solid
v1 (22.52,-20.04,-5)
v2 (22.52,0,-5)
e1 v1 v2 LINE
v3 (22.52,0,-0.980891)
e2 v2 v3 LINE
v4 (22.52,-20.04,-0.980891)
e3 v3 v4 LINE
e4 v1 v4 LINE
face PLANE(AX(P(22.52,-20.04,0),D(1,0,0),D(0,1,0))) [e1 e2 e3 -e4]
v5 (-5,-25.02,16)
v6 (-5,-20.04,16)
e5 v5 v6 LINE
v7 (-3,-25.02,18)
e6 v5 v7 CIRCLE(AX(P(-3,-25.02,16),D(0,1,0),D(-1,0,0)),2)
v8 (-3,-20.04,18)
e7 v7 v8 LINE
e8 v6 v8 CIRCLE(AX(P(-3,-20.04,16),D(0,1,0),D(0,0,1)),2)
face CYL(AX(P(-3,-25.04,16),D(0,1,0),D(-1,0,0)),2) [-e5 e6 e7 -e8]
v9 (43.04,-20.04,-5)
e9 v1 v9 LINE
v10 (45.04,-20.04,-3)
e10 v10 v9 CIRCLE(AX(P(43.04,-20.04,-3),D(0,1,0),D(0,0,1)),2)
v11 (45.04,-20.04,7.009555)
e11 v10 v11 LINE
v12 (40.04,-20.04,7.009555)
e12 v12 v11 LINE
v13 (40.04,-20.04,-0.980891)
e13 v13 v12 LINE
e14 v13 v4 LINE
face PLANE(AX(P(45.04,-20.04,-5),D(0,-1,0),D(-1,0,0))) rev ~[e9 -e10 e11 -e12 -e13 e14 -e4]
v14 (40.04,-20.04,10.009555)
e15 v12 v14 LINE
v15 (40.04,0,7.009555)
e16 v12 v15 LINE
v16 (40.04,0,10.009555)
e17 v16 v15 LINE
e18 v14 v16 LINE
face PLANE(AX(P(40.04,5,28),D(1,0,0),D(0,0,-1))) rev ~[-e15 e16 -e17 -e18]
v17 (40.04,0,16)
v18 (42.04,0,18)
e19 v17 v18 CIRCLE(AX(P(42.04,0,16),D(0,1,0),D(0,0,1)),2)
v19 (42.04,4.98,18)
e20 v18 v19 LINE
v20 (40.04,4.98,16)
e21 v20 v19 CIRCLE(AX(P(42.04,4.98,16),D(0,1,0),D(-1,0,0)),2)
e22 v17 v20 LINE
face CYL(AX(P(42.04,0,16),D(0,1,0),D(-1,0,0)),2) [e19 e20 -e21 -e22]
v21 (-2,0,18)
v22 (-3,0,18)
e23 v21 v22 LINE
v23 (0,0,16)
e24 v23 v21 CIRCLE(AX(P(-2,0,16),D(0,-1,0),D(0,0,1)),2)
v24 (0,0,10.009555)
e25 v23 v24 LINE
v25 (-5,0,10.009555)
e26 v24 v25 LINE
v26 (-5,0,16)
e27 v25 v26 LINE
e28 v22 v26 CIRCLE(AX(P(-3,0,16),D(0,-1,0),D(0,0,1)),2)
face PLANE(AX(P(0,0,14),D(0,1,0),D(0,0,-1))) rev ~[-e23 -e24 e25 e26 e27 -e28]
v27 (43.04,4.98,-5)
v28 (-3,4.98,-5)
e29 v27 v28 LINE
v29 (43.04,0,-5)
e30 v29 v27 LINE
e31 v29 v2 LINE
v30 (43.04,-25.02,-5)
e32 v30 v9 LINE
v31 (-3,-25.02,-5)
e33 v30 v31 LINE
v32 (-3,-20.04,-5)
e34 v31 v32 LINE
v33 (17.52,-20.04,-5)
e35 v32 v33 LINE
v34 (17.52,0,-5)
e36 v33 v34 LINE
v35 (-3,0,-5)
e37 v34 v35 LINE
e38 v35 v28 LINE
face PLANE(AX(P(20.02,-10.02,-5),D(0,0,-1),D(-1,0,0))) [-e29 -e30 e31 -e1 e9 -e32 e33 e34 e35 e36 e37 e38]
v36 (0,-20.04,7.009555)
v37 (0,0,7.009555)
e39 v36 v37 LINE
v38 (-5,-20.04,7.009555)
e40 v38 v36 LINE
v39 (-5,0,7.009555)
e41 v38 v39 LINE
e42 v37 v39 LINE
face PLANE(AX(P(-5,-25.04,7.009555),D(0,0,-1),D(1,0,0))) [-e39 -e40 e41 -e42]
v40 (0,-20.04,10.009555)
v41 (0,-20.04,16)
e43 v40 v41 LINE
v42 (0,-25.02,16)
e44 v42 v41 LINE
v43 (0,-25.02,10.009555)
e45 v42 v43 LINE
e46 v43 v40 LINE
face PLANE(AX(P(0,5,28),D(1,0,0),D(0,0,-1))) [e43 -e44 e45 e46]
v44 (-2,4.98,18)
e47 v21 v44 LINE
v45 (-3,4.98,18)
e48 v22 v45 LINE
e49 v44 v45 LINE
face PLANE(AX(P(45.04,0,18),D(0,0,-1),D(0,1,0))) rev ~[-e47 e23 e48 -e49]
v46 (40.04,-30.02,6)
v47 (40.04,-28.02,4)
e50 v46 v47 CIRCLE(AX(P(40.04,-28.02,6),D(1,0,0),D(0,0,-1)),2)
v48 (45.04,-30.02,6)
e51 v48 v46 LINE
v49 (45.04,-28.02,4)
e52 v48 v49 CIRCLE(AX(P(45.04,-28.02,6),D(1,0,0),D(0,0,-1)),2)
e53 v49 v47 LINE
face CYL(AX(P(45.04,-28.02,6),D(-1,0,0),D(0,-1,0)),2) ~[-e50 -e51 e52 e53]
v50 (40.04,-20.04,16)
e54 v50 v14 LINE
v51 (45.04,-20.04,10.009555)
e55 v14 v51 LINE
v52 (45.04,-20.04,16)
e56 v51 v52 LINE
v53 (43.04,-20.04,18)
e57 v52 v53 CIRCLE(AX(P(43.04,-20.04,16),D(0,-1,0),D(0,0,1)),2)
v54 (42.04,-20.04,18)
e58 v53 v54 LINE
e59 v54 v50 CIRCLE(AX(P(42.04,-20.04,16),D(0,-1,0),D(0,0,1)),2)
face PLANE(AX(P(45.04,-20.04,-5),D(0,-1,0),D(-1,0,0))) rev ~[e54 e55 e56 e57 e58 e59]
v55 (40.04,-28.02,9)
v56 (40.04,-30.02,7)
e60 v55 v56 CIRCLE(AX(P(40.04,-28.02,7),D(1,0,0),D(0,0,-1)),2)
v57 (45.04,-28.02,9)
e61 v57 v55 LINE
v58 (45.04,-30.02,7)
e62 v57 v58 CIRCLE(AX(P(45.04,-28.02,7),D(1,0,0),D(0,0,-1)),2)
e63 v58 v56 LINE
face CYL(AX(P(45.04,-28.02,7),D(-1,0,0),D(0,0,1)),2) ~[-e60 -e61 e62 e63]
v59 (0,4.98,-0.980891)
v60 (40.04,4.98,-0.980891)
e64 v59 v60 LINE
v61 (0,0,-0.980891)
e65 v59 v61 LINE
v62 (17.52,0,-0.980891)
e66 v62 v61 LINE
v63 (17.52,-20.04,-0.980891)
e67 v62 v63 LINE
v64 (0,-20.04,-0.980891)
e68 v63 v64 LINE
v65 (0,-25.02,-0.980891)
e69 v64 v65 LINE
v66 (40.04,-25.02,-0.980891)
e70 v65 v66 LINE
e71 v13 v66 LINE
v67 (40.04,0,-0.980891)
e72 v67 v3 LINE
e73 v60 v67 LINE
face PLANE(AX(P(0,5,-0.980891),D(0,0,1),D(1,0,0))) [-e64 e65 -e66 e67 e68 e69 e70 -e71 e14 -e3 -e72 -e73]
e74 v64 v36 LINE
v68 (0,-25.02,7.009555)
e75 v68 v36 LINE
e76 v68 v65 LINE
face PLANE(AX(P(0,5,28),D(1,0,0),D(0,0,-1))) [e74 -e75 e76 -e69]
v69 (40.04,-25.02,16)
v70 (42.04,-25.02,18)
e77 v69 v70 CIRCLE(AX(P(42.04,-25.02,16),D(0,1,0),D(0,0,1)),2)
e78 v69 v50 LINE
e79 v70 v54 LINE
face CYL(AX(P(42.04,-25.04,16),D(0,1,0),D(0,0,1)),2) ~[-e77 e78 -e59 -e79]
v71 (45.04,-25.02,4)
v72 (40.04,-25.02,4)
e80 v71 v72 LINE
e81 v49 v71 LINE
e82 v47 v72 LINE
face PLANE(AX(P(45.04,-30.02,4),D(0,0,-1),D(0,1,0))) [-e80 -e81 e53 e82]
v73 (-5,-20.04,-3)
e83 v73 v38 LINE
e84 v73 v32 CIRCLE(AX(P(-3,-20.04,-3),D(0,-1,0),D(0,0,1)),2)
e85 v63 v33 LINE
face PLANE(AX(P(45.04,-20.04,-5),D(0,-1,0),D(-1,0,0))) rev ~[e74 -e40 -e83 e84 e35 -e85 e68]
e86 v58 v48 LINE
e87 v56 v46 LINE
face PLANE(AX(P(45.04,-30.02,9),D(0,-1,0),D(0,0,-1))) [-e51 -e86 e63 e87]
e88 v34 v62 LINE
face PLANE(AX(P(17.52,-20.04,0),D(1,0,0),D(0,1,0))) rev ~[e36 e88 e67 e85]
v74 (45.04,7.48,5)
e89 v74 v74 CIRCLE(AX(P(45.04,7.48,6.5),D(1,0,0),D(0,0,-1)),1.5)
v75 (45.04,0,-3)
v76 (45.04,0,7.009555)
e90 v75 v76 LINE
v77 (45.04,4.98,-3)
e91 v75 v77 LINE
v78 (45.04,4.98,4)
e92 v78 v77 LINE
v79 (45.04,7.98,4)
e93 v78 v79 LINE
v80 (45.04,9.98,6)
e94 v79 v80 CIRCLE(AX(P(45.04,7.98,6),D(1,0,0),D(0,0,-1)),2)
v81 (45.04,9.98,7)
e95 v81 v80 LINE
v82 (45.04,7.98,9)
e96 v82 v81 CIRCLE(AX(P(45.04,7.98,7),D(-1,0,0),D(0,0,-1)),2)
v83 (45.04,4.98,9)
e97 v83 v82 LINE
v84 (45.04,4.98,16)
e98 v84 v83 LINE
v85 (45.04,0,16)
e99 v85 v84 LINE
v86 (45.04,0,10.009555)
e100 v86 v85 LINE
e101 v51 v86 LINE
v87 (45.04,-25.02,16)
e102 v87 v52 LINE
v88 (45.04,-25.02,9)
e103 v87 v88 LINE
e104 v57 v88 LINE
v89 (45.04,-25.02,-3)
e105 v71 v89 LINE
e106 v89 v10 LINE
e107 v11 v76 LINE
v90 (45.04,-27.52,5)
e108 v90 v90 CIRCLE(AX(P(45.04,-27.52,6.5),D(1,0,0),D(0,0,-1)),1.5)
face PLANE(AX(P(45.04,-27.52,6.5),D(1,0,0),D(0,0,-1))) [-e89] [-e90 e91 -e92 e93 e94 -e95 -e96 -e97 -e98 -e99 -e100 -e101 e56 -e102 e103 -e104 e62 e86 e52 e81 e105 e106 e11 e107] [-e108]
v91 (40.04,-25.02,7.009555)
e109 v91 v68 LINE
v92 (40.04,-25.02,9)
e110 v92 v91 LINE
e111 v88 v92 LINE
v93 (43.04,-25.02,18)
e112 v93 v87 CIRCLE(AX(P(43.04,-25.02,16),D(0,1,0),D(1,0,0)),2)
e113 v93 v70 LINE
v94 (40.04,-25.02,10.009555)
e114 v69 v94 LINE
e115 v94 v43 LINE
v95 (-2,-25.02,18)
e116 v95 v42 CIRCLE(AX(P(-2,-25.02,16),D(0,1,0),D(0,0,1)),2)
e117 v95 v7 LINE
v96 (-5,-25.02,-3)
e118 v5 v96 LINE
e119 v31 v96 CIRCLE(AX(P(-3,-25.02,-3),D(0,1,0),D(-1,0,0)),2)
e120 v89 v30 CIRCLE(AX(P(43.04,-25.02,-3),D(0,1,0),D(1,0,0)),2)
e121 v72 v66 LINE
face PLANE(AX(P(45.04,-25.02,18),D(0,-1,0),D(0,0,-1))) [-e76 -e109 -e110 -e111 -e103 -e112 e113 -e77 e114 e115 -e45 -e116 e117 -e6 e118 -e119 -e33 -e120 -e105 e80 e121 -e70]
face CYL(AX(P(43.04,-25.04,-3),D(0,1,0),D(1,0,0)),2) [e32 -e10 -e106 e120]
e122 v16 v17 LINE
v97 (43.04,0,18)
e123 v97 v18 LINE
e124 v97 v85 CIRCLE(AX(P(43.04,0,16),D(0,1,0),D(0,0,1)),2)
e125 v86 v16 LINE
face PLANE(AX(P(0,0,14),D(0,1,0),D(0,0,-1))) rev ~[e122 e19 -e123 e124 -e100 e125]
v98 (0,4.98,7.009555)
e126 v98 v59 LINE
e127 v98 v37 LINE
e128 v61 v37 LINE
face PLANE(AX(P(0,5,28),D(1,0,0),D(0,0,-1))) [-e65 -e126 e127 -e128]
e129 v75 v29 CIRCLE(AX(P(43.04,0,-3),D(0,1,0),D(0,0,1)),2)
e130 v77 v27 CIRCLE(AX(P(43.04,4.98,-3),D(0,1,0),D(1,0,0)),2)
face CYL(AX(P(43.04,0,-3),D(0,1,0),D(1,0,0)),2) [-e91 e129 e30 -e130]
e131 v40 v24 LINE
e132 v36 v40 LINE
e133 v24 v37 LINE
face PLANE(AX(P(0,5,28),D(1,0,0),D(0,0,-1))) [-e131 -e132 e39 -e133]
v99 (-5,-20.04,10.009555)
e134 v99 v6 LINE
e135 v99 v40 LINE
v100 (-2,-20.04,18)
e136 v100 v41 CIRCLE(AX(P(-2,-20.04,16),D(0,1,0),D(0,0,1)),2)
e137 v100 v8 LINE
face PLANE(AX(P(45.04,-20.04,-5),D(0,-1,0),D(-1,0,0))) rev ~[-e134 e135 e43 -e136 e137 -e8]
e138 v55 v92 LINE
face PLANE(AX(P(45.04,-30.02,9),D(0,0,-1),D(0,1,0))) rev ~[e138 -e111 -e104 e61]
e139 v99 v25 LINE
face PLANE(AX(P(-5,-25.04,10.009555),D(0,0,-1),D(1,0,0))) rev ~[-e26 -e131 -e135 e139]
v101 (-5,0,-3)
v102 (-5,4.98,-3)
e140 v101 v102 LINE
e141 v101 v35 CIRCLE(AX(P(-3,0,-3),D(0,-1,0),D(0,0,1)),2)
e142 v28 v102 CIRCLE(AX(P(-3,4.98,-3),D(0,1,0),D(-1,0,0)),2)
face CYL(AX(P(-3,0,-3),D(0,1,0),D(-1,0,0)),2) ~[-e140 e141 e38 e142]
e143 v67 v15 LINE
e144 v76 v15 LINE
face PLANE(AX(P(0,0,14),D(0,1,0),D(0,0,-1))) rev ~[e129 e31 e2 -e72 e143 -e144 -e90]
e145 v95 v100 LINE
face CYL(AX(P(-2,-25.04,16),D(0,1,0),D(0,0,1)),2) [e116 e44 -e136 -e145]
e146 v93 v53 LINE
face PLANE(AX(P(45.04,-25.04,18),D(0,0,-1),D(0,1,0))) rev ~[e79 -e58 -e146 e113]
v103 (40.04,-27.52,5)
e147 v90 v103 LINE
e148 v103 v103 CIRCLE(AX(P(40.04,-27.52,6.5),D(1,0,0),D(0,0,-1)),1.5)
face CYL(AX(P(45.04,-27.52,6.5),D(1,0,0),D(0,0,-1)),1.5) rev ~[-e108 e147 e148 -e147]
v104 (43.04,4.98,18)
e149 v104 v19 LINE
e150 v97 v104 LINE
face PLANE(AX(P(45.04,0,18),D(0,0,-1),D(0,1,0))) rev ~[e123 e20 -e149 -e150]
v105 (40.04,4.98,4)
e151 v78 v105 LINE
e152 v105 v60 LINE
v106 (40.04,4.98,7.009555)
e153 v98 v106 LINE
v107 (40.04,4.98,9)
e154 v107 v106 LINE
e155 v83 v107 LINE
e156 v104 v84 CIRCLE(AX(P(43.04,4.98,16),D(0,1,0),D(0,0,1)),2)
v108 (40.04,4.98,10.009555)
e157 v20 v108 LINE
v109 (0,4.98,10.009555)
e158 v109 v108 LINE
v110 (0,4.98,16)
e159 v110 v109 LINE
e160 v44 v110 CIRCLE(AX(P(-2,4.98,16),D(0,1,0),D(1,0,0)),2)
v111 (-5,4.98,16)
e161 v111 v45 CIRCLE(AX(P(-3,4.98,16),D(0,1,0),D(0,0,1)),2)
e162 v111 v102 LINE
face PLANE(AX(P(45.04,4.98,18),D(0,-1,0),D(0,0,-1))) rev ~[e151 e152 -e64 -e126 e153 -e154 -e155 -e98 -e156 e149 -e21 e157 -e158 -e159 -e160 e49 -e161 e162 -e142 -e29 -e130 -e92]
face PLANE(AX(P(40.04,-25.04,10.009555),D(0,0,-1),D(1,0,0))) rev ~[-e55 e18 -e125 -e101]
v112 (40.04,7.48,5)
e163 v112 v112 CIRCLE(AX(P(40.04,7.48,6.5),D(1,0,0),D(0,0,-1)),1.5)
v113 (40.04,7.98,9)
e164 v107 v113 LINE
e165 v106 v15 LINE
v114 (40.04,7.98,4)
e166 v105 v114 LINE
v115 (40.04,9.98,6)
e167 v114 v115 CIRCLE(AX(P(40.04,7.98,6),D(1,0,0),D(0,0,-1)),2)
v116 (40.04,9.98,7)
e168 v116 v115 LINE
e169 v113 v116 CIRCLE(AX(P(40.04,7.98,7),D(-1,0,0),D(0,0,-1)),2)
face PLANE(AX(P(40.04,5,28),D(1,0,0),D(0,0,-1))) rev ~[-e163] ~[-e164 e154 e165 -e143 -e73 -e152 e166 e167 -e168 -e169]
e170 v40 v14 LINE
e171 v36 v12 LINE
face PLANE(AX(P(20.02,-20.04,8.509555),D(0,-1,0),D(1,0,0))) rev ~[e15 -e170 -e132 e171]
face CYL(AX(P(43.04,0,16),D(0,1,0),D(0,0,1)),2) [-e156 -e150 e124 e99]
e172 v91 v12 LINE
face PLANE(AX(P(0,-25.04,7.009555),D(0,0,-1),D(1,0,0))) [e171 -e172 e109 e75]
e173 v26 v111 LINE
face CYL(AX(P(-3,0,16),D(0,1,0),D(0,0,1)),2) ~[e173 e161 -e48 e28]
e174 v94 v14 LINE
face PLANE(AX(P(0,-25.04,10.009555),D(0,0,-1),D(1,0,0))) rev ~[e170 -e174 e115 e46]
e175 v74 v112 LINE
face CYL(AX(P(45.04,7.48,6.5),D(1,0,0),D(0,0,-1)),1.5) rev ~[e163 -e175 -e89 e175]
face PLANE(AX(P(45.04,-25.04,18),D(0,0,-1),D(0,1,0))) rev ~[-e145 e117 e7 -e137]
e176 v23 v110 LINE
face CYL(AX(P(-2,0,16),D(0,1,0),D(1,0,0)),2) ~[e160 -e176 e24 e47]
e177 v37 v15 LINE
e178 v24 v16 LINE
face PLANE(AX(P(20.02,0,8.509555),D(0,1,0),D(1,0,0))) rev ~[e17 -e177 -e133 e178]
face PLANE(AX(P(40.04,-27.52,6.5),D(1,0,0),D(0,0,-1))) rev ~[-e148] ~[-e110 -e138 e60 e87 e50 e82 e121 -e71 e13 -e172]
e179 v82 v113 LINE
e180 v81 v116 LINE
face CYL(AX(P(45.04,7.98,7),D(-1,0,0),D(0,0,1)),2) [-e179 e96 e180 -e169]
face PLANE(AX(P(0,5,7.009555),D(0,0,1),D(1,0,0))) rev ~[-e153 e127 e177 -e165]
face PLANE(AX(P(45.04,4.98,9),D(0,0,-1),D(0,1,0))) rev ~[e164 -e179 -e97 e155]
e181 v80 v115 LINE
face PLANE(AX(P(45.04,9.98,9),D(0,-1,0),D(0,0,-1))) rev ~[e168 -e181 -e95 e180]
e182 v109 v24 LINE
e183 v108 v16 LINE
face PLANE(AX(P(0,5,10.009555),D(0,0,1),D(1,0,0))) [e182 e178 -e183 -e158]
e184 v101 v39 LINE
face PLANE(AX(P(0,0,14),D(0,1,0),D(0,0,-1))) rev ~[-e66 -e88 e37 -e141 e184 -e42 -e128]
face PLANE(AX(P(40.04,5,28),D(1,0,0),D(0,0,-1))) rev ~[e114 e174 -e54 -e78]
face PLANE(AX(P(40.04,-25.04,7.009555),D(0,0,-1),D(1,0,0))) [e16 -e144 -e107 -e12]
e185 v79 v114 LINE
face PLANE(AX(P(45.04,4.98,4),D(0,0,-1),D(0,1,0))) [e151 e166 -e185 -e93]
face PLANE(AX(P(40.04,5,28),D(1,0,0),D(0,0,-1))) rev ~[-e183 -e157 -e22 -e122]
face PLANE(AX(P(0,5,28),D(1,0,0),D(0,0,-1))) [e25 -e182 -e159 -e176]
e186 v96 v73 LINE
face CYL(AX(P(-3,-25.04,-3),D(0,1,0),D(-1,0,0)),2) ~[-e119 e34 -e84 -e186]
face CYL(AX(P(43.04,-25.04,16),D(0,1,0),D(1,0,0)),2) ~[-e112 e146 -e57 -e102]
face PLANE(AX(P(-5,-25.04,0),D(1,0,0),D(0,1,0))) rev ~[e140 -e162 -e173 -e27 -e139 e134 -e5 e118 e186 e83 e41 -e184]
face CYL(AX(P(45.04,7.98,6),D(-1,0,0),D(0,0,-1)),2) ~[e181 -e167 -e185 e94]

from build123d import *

# Parameters (mm, degrees)
SKETCH1_W           = 50.04
SKETCH1_H           = 30.04
SKETCH1_W_2         = 40.04
SKETCH1_H_2         = 20.04
SKETCH1_W_3         = 5
BOSS_EXTRUDE2_DEPTH = 28
SKETCH2_W           = 50.04
SKETCH2_H           = 30.04
SKETCH2_W_2         = 17.52
SKETCH2_H_2         = 20.04
BOSS_EXTRUDE3_DEPTH = 5
SKETCH3_W           = 5
SKETCH3_H           = 20.04
CUT_EXTRUDE1_DEPTH  = 27
SKETCH4_W           = 5
SKETCH4_H           = 20.04
CUT_EXTRUDE3_DEPTH  = 27
SKETCH5_W           = 40.04
SKETCH5_H           = 28.980890752
CUT_EXTRUDE4_DEPTH  = 47
SKETCH6_W           = 5
SKETCH6_H           = 5
BOSS_EXTRUDE4_DEPTH = 45
CUT_EXTRUDE5_DEPTH  = 66
SKETCH8_W           = 5
SKETCH8_H           = 3
BOSS_EXTRUDE5_DEPTH = 29
SKETCH9_W           = 40.04
SKETCH9_H           = 5
CUT_EXTRUDE6_DEPTH  = 51
SKETCH10_W          = 40.04
SKETCH10_H          = 3
BOSS_EXTRUDE6_DEPTH = 5
SKETCH12_W          = 40.04
SKETCH12_H          = 3
BOSS_EXTRUDE7_DEPTH = 5
FILLET1_R           = 2
SKETCH13_W          = 23
SKETCH13_H          = 0.02
CUT_EXTRUDE7_DEPTH  = 87
SKETCH14_W          = 5
SKETCH14_H          = 5
SKETCH14_R          = 1.5
BOSS_EXTRUDE8_DEPTH = 5
FILLET2_R           = 2


with BuildPart() as part:
    # Sketch1 → Boss-Extrude2 (new body)
    with BuildSketch(Plane.XY):
        with Locations((20.02, -10.02)):
            Rectangle(SKETCH1_W, SKETCH1_H)
        with Locations((20.02, -10.02)):
            Rectangle(SKETCH1_W_2, SKETCH1_H_2, mode=Mode.SUBTRACT)
        with Locations((20.02, -10.02)):
            Rectangle(SKETCH1_W_3, SKETCH1_H_2)
    extrude(amount=BOSS_EXTRUDE2_DEPTH)

    # Sketch2 → Boss-Extrude3 (add)
    with BuildSketch(Plane(origin=(0, 0, 0), x_dir=(-1, 0, 0), z_dir=(0, 0, -1))):
        with Locations((-20.02, -10.02)):
            Rectangle(SKETCH2_W, SKETCH2_H)
        with Locations((-31.28, -10.02)):
            Rectangle(SKETCH2_W_2, SKETCH2_H_2, mode=Mode.SUBTRACT)
        with Locations((-8.76, -10.02)):
            Rectangle(SKETCH2_W_2, SKETCH2_H_2, mode=Mode.SUBTRACT)
    extrude(amount=BOSS_EXTRUDE3_DEPTH)

    # Sketch3 → Cut-Extrude1 (cut)
    with BuildSketch(Plane.XY.offset(28)):
        with Locations((20.02, -10.02)):
            Rectangle(SKETCH3_W, SKETCH3_H)
    extrude(amount=-CUT_EXTRUDE1_DEPTH, mode=Mode.SUBTRACT)

    # Sketch4 → Cut-Extrude3 (cut)
    with BuildSketch(Plane(origin=(0, 0, -5), x_dir=(-1, 0, 0), z_dir=(0, 0, -1))):
        with Locations((-42.54, -10.02)):
            Rectangle(SKETCH4_W, SKETCH4_H)
        with Locations((2.5, -10.02)):
            Rectangle(SKETCH4_W, SKETCH4_H)
    extrude(amount=-CUT_EXTRUDE3_DEPTH, mode=Mode.SUBTRACT)

    # Sketch5 → Cut-Extrude4 (cut)
    with BuildSketch(Plane(origin=(0, 5, 0), x_dir=(1, 0, 0), z_dir=(0, 1, 0))):
        with Locations((20.02, -13.509554624)):
            Rectangle(SKETCH5_W, SKETCH5_H)
    extrude(amount=-CUT_EXTRUDE4_DEPTH, mode=Mode.SUBTRACT)

    # Sketch6 → Boss-Extrude4 (add)
    with BuildSketch(Plane(origin=(0, 0, 0), x_dir=(0, 0, -1), z_dir=(1, 0, 0))):
        with Locations((-11.5, 2.5)):
            Rectangle(SKETCH6_W, SKETCH6_H)
        with Locations((-11.5, -22.54)):
            Rectangle(SKETCH6_W, SKETCH6_H)
    extrude(amount=BOSS_EXTRUDE4_DEPTH)

    # Sketch7 → Cut-Extrude5 (cut)
    with BuildSketch(Plane(origin=(45.04, 0, 0), x_dir=(0, 0, -1), z_dir=(1, 0, 0))):
        Polygon((-28, -25.04), (-18, -25.04), (-18, -20.04), (-22, -20.04), (-22, 0), (-18, 0), (-18, 5), (-28, 5), align=None)
    extrude(amount=-CUT_EXTRUDE5_DEPTH, mode=Mode.SUBTRACT)

    # Sketch8 → Boss-Extrude5 (add)
    with BuildSketch(Plane.XZ.offset(25.04)):
        with Locations((-2.5, 8.509554624)):
            Rectangle(SKETCH8_W, SKETCH8_H)
        with Locations((42.54, 8.509554624)):
            Rectangle(SKETCH8_W, SKETCH8_H)
    extrude(amount=-BOSS_EXTRUDE5_DEPTH)

    # Sketch9 → Cut-Extrude6 (cut)
    with BuildSketch(Plane(origin=(0, -25.04, 0), x_dir=(-1, 0, 0), z_dir=(0, -1, 0))):
        with Locations((-20.02, -11.5)):
            Rectangle(SKETCH9_W, SKETCH9_H)
    extrude(amount=-CUT_EXTRUDE6_DEPTH, mode=Mode.SUBTRACT)

    # Sketch10 → Boss-Extrude6 (add)
    with BuildSketch(Plane.XZ.offset(25.04)):
        with Locations((20.02, 8.509554624)):
            Rectangle(SKETCH10_W, SKETCH10_H)
    extrude(amount=-BOSS_EXTRUDE6_DEPTH)

    # Sketch12 → Boss-Extrude7 (add)
    with BuildSketch(Plane(origin=(0, 5, 0), x_dir=(1, 0, 0), z_dir=(0, 1, 0))):
        with Locations((20.02, -8.509554624)):
            Rectangle(SKETCH12_W, SKETCH12_H)
    extrude(amount=-BOSS_EXTRUDE7_DEPTH)

    # Fillet1
    fillet1_edges = [part.edges().sort_by_distance(p)[0] for p in [
        (40.04, 2.5, 18),
        (0, 2.5, 18),
        (-5, 2.5, 18),
        (40.04, -22.54, 18),
        (0, -22.54, 18),
        (-5, -22.54, 18),
        (45.04, -22.54, 18),
        (45.04, 2.5, 18),
        (45.04, 2.5, -5),
        (-5, -22.54, -5),
        (45.04, -22.54, -5),
        (-5, 2.5, -5),
    ]]
    fillet(fillet1_edges, radius=FILLET1_R)

    # Sketch13 → Cut-Extrude7 (cut)
    with BuildSketch(Plane(origin=(45.04, 0, 0), x_dir=(0, 0, -1), z_dir=(1, 0, 0))):
        with Locations((-6.5, -25.03)):
            Rectangle(SKETCH13_W, SKETCH13_H)
        with Locations((-6.5, 4.99)):
            Rectangle(SKETCH13_W, SKETCH13_H)
    extrude(amount=-CUT_EXTRUDE7_DEPTH, mode=Mode.SUBTRACT)

    # Sketch14 → Boss-Extrude8 (add)
    with BuildSketch(Plane(origin=(45.04, 0, 0), x_dir=(0, 0, -1), z_dir=(1, 0, 0))):
        with Locations((-6.5, -27.52)):
            Rectangle(SKETCH14_W, SKETCH14_H)
        with Locations((-6.5, -27.52)):
            Circle(SKETCH14_R, mode=Mode.SUBTRACT)
        with Locations((-6.5, 7.48)):
            Rectangle(SKETCH14_W, SKETCH14_H)
        with Locations((-6.5, 7.48)):
            Circle(SKETCH14_R, mode=Mode.SUBTRACT)
    extrude(amount=-BOSS_EXTRUDE8_DEPTH)

    # Fillet2
    fillet2_edges = [part.edges().sort_by_distance(p)[0] for p in [
        (42.54, -30.02, 4),
        (42.54, -30.02, 9),
        (42.54, 9.98, 4),
        (42.54, 9.98, 9),
    ]]
    fillet(fillet2_edges, radius=FILLET2_R)


solid = part.part
